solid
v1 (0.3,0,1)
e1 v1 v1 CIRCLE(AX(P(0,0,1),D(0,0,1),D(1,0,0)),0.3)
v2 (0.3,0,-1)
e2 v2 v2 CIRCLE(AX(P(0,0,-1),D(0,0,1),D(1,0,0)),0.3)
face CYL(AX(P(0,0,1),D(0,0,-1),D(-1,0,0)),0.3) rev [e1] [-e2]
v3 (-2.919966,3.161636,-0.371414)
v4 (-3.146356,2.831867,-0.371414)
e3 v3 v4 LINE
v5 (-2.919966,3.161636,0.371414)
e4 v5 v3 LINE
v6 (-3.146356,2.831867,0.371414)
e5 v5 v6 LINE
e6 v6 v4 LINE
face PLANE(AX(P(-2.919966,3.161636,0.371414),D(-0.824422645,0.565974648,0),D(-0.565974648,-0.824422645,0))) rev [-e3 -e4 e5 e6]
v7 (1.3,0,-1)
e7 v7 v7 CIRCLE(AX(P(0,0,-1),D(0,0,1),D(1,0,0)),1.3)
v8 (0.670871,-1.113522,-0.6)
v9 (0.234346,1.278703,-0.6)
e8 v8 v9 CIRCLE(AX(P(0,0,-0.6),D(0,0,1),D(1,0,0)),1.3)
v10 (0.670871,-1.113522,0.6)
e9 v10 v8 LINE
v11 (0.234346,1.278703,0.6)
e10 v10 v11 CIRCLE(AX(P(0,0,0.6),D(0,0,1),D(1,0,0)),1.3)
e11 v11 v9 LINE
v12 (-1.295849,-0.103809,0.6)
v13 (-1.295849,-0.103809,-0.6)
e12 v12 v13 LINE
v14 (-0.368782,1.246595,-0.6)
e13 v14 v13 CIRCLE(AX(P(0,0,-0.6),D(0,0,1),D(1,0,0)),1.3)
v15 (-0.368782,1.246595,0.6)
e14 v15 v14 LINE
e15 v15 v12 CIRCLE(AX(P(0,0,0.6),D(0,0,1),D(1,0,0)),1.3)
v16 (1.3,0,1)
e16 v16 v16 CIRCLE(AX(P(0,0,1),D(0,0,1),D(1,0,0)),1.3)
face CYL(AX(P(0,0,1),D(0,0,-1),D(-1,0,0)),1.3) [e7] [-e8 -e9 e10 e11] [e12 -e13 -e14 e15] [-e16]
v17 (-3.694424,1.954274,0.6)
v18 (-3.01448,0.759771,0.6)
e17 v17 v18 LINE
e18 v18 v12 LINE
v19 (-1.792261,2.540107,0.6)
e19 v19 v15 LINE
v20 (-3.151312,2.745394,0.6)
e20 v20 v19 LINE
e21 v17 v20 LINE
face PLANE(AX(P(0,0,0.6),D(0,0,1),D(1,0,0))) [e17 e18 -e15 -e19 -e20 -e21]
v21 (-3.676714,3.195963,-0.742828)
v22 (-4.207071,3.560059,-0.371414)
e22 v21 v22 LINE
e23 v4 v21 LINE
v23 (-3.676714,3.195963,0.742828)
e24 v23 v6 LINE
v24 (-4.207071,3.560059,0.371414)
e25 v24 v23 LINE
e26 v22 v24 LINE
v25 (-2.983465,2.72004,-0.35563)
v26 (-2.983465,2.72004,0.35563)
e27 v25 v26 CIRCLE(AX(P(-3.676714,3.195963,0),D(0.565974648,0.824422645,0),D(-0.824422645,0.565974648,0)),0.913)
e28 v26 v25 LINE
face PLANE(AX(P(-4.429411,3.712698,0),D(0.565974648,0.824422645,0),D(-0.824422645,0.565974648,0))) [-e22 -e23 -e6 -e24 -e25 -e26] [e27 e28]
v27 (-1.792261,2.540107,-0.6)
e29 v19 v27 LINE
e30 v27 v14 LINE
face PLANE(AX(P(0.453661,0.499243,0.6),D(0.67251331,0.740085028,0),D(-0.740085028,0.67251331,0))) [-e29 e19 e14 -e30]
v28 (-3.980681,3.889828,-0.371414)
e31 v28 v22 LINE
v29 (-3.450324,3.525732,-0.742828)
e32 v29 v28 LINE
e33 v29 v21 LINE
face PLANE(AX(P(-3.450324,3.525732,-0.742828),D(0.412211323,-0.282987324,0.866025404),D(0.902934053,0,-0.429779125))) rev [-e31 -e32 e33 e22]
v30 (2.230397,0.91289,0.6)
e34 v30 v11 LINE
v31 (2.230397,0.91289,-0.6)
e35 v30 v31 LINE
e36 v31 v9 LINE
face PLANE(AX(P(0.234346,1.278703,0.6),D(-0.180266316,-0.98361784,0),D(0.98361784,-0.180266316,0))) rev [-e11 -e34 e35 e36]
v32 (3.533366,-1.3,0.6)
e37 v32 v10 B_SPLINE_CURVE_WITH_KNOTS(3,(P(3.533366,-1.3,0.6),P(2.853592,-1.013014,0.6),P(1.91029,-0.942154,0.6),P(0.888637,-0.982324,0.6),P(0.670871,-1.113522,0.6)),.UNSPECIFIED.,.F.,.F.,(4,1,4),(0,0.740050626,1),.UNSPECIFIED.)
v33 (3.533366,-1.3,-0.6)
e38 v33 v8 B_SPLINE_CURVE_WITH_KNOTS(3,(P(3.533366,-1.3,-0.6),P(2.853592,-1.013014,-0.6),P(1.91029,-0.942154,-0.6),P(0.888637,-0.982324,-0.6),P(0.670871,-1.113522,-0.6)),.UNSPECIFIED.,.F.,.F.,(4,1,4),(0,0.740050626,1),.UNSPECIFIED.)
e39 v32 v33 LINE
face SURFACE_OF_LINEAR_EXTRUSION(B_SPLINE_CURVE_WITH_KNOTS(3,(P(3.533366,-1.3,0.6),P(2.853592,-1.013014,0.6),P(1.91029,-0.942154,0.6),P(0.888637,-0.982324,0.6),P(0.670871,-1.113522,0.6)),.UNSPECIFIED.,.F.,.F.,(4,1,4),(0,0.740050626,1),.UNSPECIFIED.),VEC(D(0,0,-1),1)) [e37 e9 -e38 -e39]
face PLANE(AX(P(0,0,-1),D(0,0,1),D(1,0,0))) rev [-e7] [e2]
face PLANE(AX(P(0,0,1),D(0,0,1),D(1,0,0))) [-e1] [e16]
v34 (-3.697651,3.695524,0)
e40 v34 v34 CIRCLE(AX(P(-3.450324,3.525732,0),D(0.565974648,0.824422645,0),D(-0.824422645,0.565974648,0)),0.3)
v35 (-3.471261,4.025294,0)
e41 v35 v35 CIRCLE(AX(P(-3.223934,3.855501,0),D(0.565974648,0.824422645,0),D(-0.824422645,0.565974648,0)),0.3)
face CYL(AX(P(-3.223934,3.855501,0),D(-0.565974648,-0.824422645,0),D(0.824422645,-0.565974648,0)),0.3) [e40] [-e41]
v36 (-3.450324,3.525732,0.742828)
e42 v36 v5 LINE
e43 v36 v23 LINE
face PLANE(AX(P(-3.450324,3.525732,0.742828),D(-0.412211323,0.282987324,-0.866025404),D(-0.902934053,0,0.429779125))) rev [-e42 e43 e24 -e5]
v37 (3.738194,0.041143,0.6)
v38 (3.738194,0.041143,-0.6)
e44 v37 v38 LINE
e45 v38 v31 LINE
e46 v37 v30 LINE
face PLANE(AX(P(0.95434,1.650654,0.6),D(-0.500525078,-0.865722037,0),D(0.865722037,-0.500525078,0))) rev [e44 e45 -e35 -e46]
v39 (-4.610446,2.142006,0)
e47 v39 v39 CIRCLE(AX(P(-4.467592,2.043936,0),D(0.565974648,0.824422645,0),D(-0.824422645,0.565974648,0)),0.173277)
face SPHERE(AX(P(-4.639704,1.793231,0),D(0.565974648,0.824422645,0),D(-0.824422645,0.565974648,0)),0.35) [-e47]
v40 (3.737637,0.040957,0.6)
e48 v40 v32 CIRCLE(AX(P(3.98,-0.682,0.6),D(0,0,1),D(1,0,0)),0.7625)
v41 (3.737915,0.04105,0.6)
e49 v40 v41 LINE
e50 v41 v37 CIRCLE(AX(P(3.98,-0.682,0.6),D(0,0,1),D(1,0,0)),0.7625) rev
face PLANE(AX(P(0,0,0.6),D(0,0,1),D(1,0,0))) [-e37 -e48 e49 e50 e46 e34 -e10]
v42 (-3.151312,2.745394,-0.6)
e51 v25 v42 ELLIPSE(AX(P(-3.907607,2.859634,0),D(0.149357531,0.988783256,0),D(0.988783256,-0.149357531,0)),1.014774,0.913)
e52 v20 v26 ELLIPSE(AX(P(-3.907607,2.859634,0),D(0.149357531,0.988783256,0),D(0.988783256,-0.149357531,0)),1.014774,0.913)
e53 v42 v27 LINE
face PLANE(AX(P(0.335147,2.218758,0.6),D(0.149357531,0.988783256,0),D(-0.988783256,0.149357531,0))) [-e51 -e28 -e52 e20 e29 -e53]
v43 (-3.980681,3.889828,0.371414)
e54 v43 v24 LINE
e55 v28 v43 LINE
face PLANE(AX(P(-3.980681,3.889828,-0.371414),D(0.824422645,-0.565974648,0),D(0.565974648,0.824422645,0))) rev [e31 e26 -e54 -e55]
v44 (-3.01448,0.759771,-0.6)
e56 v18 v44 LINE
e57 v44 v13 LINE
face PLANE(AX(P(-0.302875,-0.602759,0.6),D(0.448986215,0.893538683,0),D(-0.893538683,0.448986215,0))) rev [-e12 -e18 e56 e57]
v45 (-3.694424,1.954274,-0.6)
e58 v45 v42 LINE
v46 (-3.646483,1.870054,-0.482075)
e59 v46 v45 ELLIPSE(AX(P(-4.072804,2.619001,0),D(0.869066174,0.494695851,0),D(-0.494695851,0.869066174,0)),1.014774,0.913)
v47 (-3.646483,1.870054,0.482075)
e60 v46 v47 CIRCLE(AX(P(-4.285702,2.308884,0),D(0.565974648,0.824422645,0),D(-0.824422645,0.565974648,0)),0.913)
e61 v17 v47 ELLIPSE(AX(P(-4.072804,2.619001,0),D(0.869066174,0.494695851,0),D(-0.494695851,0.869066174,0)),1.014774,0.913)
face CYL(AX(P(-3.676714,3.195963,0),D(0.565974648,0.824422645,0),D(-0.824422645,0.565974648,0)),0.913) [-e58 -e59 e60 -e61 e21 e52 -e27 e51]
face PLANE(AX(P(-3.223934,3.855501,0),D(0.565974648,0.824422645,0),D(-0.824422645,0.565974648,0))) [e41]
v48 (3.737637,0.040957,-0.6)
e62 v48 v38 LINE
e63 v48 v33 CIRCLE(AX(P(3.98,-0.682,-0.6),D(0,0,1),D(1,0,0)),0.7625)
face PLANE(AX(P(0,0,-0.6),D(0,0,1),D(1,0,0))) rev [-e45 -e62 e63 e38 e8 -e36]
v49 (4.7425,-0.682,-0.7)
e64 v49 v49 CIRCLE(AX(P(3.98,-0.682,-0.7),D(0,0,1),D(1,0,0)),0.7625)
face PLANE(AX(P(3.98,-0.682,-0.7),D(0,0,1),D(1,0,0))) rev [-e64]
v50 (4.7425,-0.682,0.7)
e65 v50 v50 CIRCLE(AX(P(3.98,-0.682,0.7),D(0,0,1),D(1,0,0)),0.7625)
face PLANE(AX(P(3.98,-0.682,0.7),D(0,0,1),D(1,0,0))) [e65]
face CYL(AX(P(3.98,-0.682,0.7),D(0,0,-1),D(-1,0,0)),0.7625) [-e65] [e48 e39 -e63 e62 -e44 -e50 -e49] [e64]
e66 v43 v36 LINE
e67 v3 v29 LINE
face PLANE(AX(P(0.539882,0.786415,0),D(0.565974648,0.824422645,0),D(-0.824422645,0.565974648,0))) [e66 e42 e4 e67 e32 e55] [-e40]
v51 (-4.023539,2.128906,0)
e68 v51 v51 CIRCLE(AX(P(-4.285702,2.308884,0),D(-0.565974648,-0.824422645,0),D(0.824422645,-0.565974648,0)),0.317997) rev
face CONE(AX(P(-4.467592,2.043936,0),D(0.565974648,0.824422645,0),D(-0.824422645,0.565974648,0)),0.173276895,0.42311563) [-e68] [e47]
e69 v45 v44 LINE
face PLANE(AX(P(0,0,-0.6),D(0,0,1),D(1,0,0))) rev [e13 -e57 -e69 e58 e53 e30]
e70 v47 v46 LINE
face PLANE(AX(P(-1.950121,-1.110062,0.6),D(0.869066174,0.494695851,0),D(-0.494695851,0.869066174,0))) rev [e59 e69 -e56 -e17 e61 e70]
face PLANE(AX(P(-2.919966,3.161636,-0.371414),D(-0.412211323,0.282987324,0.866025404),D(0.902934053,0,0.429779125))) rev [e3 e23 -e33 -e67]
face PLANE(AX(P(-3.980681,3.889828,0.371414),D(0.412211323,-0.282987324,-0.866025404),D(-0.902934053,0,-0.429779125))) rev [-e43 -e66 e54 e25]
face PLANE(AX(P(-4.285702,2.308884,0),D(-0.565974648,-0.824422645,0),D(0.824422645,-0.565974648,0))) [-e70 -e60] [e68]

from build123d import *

# Parameters (mm, degrees)
SKETCH1_R           = 0.3
BOSS_EXTRUDE1_DEPTH = 1
SKETCH1_3_R         = 0.7625000000000004
BOSS_EXTRUDE2_DEPTH = 0.7
BOSS_EXTRUDE3_DEPTH = 0.6
BOSS_EXTRUDE4_DEPTH = 0.6
BOSS_EXTRUDE6_DEPTH = 0.4
SKETCH6_R           = 0.3000000000000001
BOSS_EXTRUDE7_DEPTH = 0.4


with BuildPart() as part:
    # Sketch1 → Boss-Extrude1 (new, symmetric)
    with BuildSketch(Plane.XY):
        with BuildLine():
            ThreePointArc((-1.295848634155192, -0.1038090427569955), (-0.5937418022379002, -1.1564906710714489), (0.6708713102684308, -1.113522197829356))
            ThreePointArc((0.6708713102684308, -1.113522197829356), (1.1318420171006551, -0.639479200854508), (1.3, -3.2e-16))
            ThreePointArc((1.3, 0), (0.9986616226828521, 0.8322709675222685), (0.23434621018391855, 1.2787031922117167))
            ThreePointArc((0.23434621018391855, 1.2787031922117167), (-0.0691085103528238, 1.2981617825975365), (-0.3687821609940866, 1.2465952501644355))
            ThreePointArc((-0.3687821609940866, 1.2465952501644355), (-1.0717494388265327, 0.7357670421913532), (-1.295848634155192, -0.1038090427569955))
        make_face()
        Circle(SKETCH1_R, mode=Mode.SUBTRACT)
    extrude(amount=BOSS_EXTRUDE1_DEPTH, both=True)



with BuildPart() as body_2:
    # Sketch1<3> → Boss-Extrude2 (new, symmetric)
    with BuildSketch(Plane.XY):
        with Locations((3.98, -0.682)):
            Circle(SKETCH1_3_R)
    extrude(amount=BOSS_EXTRUDE2_DEPTH, both=True)


with BuildPart() as part_1:
    add(part.part)

    add(body_2.part)  # Boss-Extrude3 merges body 2
    # Sketch1<4> → Boss-Extrude3 (add, symmetric)
    with BuildSketch(Plane.XY):
        with BuildLine():
            ThreePointArc((3.533365641715731, -1.3), (3.2261959128288145, -0.5671712224047641), (3.737636771810271, 0.04095664850767766))
            Line((3.737636771810271, 0.04095664850767755), (3.7381940341609177, 0.04114322570610333))
            Line((3.7381940341609177, 0.04114322570610333), (2.2303973924281215, 0.9128895829698543))
            Line((2.2303973924281215, 0.9128895829698543), (0.23434621018391844, 1.2787031922117167))
            ThreePointArc((0.23434621018391855, 1.2787031922117167), (0.9986616226828521, 0.8322709675222685), (1.3, 0))
            ThreePointArc((1.3, -3.2e-16), (1.1318420171006551, -0.639479200854508), (0.6708713102684308, -1.113522197829356))
            add(Edge.make_bspline(
                [(3.5333656417157315, -1.2999999999999996), (2.853592038907404, -1.0130142701138514), (1.9102895764787398, -0.9421538050015439), (0.888636742859566, -0.9823235729807698), (0.6708713102684306, -1.1135221978293557)],
                knots=[0, 0, 0, 0, 0.7400506262012527, 1, 1, 1, 1], degree=3))
        make_face()
    extrude(amount=BOSS_EXTRUDE3_DEPTH, both=True)

    # Sketch1<6> → Boss-Extrude4 (add, symmetric)
    with BuildSketch(Plane.XY):
        with BuildLine():
            Line((-3.0144803813987955, 0.759770763252125), (-1.2958486341551916, -0.10380904275699543))
            ThreePointArc((-1.295848634155192, -0.1038090427569955), (-1.0717494388265327, 0.7357670421913532), (-0.3687821609940866, 1.2465952501644355))
            Line((-0.36878216099408667, 1.2465952501644357), (-1.7922612424124467, 2.5401069311108047))
            Line((-1.7922612424124467, 2.5401069311108047), (-3.4680051646498034, 2.7932311357927926))
            Line((-3.4680051646498034, 2.7932311357927926), (-3.852867925180665, 2.2326237370219917))
            Line((-3.852867925180665, 2.2326237370219917), (-3.0144803813987955, 0.7597707632521251))
        make_face()
    extrude(amount=BOSS_EXTRUDE4_DEPTH, both=True)



with BuildPart() as body_2_2:
    # Sketch2 → Revolve1 (revolve)
    with BuildSketch(Plane.XY):
        with BuildLine():
            Line((-3.8528679251806657, 2.2326237370219917), (-3.445366178736224, 2.82620804160284))
            Line((-3.445366178736224, 2.82620804160284), (-3.775135236836695, 3.052597900738641))
            Line((-3.775135236836695, 3.052597900738641), (-4.837794634960111, 1.5046832099548804))
            ThreePointArc((-4.837794634960111, 1.5046832099548804), (-4.411503380011568, 1.52785460803016), (-4.324738796734218, 1.9458654390179164))
            Line((-4.324738796734218, 1.9458654390179164), (-3.8528679251806657, 2.2326237370219917))
        make_face()
    revolve(axis=Axis((-3.775135236836695, 3.052597900738641, 0), (-0.5659746478395029, -0.8244226452511787, 0)))


with BuildPart() as part_2:
    add(part_1.part)

    add(body_2_2.part)  # Revolve2 merges body 2 2
    # Sketch3 → Revolve2 (revolve)
    with BuildSketch(Plane.XY):
        Polygon((-4.429411479514997, 3.7126978729057627), (-3.67671360440067, 3.195963019428297), (-4.285702325475976, 2.3088842531380287), (-5.038400200590302, 2.8256191066154948), align=None)
    revolve(axis=Axis((-3.67671360440067, 3.195963019428297, 0), (-0.5659746478395032, -0.8244226452511785, 0)))

    # Sketch4 → Boss-Extrude6 (add)
    with BuildSketch(Plane(origin=(0.313491998615034, 0.4566457238851012, 0), x_dir=(0.8244226452511784, -0.5659746478395034, 0), z_dir=(0.5659746478395032, 0.8244226452511783, 0))):
        Polygon((-5.4833075288067565, -0.3714137749282946), (-4.840000000000001, -0.7428275498565884), (-4.196692471193242, -0.3714137749282935), (-4.196692471193242, 0.37141377492829386), (-4.84, 0.7428275498565884), (-5.4833075288067565, 0.3714137749282939), align=None)
    extrude(amount=BOSS_EXTRUDE6_DEPTH)

    # Sketch6 → Boss-Extrude7 (add)
    with BuildSketch(Plane(origin=(0.5398818577508345, 0.7864147819855706, 0), x_dir=(0.824422645251178, -0.5659746478395038, 0), z_dir=(0.5659746478395038, 0.824422645251178, 0))):
        with Locations((-4.840000000000002, 0)):
            Circle(SKETCH6_R)
    extrude(amount=BOSS_EXTRUDE7_DEPTH)


solid = part_2.part
